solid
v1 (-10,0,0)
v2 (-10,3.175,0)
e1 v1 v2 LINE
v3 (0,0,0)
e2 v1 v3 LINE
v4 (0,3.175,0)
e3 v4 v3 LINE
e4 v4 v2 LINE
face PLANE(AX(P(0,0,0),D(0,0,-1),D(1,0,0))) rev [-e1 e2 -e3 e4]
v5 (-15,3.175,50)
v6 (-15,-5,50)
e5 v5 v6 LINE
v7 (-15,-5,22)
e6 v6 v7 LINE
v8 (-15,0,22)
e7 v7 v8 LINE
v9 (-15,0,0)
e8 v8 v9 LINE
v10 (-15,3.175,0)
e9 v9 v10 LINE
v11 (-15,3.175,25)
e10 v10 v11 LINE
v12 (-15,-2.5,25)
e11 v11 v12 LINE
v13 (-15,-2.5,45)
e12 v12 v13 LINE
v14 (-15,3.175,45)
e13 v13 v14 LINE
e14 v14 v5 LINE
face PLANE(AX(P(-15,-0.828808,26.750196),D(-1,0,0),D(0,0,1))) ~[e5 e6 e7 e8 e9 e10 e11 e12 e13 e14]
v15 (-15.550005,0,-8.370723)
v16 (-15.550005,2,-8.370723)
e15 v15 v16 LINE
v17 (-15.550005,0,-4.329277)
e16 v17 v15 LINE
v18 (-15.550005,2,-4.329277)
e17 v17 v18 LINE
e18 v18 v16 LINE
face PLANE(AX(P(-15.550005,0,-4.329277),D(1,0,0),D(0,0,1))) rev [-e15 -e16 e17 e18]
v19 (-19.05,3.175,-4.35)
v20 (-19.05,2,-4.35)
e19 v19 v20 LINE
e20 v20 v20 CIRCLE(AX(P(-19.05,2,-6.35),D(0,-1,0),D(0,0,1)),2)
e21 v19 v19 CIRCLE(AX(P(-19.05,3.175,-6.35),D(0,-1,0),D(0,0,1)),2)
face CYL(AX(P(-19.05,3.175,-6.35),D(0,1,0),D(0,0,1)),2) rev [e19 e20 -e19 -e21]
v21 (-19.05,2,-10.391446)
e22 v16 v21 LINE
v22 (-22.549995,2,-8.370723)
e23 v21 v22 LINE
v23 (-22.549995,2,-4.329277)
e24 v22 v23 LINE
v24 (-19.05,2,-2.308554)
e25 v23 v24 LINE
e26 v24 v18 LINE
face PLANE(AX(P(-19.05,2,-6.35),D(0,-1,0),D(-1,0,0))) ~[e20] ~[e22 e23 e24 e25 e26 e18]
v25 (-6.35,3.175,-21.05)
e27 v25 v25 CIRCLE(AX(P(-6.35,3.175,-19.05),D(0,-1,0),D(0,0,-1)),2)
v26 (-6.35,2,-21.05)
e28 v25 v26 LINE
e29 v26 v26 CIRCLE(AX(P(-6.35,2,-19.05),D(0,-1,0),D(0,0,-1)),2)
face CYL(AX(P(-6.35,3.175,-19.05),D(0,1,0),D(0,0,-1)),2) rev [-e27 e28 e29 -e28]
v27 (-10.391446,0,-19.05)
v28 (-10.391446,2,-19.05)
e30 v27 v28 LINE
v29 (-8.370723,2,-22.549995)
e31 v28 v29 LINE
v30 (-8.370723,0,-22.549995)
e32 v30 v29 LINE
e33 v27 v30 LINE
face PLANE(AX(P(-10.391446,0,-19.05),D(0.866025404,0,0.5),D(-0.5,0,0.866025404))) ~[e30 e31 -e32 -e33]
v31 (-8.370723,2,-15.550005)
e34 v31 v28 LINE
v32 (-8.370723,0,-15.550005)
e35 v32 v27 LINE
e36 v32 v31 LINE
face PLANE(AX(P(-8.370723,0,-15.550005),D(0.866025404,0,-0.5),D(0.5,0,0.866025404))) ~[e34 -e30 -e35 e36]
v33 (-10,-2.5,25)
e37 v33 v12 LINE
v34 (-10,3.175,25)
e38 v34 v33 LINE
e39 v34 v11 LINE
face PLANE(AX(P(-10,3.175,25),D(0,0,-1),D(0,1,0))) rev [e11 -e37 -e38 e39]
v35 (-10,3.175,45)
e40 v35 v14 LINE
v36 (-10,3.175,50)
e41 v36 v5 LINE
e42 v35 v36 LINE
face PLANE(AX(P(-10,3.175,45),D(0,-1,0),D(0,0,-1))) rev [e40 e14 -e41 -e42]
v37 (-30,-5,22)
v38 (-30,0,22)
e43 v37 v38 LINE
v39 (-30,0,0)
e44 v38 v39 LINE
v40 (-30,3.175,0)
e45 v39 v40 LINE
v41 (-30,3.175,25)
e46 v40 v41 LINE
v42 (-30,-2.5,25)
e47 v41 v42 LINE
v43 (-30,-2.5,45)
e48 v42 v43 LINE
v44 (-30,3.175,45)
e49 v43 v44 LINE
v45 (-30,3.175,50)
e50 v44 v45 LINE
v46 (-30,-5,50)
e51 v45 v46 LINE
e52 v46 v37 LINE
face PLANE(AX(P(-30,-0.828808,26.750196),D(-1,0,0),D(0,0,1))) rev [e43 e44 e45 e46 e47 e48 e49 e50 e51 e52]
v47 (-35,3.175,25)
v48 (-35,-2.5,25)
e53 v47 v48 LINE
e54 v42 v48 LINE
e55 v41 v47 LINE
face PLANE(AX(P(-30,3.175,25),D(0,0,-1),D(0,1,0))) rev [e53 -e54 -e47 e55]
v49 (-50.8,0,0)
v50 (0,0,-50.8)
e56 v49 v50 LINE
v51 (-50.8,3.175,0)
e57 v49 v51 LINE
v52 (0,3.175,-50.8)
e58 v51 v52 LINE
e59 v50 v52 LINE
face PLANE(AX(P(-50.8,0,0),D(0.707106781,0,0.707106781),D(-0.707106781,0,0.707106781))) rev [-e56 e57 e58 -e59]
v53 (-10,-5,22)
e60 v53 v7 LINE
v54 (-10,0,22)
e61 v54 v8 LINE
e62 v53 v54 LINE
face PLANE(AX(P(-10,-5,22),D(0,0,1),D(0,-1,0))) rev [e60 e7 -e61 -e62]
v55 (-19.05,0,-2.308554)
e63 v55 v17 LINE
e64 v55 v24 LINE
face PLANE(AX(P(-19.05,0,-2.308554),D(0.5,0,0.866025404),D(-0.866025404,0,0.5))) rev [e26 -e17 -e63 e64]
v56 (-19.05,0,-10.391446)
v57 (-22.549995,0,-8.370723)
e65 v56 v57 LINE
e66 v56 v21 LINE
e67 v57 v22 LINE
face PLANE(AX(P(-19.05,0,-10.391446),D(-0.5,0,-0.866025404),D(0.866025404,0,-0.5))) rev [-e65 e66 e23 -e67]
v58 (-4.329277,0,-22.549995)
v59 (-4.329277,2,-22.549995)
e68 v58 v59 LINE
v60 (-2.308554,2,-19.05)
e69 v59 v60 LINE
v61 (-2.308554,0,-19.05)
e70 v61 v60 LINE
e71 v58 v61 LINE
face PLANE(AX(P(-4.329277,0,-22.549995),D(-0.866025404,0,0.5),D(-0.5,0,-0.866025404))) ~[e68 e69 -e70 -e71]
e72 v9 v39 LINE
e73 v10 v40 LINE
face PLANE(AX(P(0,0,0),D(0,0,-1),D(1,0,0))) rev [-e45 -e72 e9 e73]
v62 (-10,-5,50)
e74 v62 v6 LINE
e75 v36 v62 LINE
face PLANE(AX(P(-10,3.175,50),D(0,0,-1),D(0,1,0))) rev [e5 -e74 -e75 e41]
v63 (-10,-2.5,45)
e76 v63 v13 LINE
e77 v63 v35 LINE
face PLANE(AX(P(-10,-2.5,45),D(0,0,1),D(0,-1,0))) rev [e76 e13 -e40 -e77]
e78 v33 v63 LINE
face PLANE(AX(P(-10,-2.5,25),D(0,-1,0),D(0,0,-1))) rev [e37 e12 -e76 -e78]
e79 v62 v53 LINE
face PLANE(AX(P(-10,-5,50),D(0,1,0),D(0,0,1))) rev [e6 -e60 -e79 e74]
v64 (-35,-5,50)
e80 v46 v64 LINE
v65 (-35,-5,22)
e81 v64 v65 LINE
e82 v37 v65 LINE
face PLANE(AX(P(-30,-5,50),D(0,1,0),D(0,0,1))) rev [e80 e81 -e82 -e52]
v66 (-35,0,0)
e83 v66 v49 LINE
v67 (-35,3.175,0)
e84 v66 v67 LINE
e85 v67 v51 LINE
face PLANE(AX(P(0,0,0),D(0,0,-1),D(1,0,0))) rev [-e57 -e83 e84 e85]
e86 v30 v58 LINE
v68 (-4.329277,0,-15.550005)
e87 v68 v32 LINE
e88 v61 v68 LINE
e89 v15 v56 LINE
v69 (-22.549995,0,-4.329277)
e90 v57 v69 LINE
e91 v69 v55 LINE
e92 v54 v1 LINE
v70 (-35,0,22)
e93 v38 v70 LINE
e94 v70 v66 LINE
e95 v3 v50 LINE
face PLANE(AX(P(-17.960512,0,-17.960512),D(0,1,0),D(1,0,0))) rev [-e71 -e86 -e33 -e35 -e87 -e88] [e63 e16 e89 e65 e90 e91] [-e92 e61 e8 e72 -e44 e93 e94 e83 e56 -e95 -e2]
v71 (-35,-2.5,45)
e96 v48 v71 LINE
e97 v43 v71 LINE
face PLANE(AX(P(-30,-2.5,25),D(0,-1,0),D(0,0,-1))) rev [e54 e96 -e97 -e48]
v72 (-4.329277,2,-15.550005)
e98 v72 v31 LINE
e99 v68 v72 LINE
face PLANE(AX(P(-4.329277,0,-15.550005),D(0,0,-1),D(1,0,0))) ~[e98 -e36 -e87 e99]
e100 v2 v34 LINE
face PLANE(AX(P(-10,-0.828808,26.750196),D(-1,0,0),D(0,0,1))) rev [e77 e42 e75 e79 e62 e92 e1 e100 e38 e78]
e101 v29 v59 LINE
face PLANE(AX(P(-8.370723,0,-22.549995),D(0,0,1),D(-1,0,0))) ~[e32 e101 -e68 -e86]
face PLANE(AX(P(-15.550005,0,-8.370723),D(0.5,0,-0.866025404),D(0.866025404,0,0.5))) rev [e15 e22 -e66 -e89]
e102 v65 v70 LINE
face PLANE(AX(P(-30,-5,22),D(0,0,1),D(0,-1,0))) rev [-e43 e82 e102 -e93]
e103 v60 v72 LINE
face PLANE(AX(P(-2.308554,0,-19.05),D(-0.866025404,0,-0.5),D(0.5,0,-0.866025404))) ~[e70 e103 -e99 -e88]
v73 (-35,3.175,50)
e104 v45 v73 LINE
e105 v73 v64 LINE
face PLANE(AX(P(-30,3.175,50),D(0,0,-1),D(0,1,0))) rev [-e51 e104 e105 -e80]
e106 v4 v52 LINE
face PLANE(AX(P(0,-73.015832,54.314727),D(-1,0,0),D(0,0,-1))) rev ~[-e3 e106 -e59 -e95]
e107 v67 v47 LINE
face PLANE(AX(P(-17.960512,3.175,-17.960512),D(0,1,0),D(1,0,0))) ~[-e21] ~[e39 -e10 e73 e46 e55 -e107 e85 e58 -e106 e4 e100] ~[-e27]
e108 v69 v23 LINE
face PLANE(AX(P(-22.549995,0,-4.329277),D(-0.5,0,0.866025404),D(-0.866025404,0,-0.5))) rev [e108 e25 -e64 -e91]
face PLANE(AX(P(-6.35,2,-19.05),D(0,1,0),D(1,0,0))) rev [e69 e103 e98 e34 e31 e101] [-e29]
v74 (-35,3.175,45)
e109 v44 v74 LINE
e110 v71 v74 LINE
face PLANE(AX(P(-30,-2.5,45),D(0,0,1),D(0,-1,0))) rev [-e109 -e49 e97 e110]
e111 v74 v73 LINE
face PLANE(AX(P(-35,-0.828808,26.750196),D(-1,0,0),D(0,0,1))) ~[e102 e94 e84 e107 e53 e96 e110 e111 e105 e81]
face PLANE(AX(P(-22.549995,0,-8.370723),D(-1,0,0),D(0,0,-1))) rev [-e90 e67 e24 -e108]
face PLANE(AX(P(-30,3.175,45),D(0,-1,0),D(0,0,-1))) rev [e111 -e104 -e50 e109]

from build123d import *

# Parameters (mm, degrees)
BOSS_EXTRUDE1_DEPTH     = 3.175
SKETCH2_R               = 2
CUT_EXTRUDE1_DEPTH      = 72.912172996
CUT_EXTRUDE2_START      = -3.175
CUT_EXTRUDE2_DEPTH      = 2
BOSS_EXTRUDE2_START     = 10
BOSS_EXTRUDE2_DEPTH     = 5
BOSS_EXTRUDE3_START     = 30
BOSS_EXTRUDE3_DEPTH     = 5
CUT_EXTRUDE3_DEPTH      = 73.015831593
CUT_EXTRUDE3_DEPTH_BACK = 73.015831593
SKETCH6_W               = 50.943951029
SKETCH6_H               = 108.352089197


with BuildPart() as part:
    # Sketch1 → Boss-Extrude1 (new body)
    with BuildSketch(Plane(origin=(0, 0, 0), x_dir=(1, 0, 0), z_dir=(0, 1, 0))):
        Polygon((0, 0), (50.8, 0), (0, 50.8), align=None)
    extrude(amount=BOSS_EXTRUDE1_DEPTH)

    # Sketch2 → Cut-Extrude1 (cut, through all)
    with BuildSketch(Plane(origin=(0, 3.175, 0), x_dir=(1, 0, 0), z_dir=(0, 1, 0))):
        with Locations(Location((19.05, 6.35, 0), (0, 0, 270))):
            Circle(SKETCH2_R)
        with Locations(Location((6.35, 19.05, 0), (0, 0, 90))):
            Circle(SKETCH2_R)
    extrude(amount=-CUT_EXTRUDE1_DEPTH, mode=Mode.SUBTRACT)

    # Sketch3 → Cut-Extrude2 (cut)
    with BuildSketch(Plane(origin=(0, 3.175, 0), x_dir=(1, 0, 0), z_dir=(0, 1, 0)).offset(CUT_EXTRUDE2_START)):
        Polygon((8.370723055, 15.550005), (10.391446111, 19.05), (8.370723055, 22.549995), (4.329276945, 22.549995), (2.308553889, 19.05), (4.329276945, 15.550005), align=None)
        Polygon((22.549995, 4.329276945), (19.05, 2.308553889), (15.550005, 4.329276945), (15.550005, 8.370723055), (19.05, 10.391446111), (22.549995, 8.370723055), align=None)
    extrude(amount=CUT_EXTRUDE2_DEPTH, mode=Mode.SUBTRACT)

    # Sketch5 → Boss-Extrude2 (add)
    with BuildSketch(Plane(origin=(0, 0, 0), x_dir=(0, 0, -1), z_dir=(1, 0, 0)).offset(BOSS_EXTRUDE2_START)):
        Polygon((0, 0), (0, 3.175), (-25, 3.175), (-25, -2.5), (-45, -2.5), (-45, 3.175), (-50, 3.175), (-50, -5), (-22, -5), (-22, 0), align=None)
    extrude(amount=BOSS_EXTRUDE2_DEPTH)

    # Sketch5<3> → Boss-Extrude3 (add)
    with BuildSketch(Plane(origin=(0, 0, 0), x_dir=(0, 0, -1), z_dir=(1, 0, 0)).offset(BOSS_EXTRUDE3_START)):
        Polygon((0, 0), (0, 3.175), (-25, 3.175), (-25, -2.5), (-45, -2.5), (-45, 3.175), (-50, 3.175), (-50, -5), (-22, -5), (-22, 0), align=None)
    extrude(amount=BOSS_EXTRUDE3_DEPTH)

    # Mirror1: part across plane


with BuildPart() as part_1:
    add(part.part)
    add(part.part.mirror(Plane(origin=(0, 0, 0), x_dir=(0, 0, 1), z_dir=(1, 0, 0))))

    # Sketch6 → Cut-Extrude3 (cut, two sides: drawn at the far end of the back side and taken through both)
    with BuildSketch(Plane(origin=(0, 0, 0), x_dir=(1, 0, 0), z_dir=(0, 1, 0)).offset(-CUT_EXTRUDE3_DEPTH_BACK)):
        with Locations((25.471975515, -0.138682261)):
            Rectangle(SKETCH6_W, SKETCH6_H)
    extrude(amount=CUT_EXTRUDE3_DEPTH + CUT_EXTRUDE3_DEPTH_BACK, mode=Mode.SUBTRACT)


solid = part_1.part
